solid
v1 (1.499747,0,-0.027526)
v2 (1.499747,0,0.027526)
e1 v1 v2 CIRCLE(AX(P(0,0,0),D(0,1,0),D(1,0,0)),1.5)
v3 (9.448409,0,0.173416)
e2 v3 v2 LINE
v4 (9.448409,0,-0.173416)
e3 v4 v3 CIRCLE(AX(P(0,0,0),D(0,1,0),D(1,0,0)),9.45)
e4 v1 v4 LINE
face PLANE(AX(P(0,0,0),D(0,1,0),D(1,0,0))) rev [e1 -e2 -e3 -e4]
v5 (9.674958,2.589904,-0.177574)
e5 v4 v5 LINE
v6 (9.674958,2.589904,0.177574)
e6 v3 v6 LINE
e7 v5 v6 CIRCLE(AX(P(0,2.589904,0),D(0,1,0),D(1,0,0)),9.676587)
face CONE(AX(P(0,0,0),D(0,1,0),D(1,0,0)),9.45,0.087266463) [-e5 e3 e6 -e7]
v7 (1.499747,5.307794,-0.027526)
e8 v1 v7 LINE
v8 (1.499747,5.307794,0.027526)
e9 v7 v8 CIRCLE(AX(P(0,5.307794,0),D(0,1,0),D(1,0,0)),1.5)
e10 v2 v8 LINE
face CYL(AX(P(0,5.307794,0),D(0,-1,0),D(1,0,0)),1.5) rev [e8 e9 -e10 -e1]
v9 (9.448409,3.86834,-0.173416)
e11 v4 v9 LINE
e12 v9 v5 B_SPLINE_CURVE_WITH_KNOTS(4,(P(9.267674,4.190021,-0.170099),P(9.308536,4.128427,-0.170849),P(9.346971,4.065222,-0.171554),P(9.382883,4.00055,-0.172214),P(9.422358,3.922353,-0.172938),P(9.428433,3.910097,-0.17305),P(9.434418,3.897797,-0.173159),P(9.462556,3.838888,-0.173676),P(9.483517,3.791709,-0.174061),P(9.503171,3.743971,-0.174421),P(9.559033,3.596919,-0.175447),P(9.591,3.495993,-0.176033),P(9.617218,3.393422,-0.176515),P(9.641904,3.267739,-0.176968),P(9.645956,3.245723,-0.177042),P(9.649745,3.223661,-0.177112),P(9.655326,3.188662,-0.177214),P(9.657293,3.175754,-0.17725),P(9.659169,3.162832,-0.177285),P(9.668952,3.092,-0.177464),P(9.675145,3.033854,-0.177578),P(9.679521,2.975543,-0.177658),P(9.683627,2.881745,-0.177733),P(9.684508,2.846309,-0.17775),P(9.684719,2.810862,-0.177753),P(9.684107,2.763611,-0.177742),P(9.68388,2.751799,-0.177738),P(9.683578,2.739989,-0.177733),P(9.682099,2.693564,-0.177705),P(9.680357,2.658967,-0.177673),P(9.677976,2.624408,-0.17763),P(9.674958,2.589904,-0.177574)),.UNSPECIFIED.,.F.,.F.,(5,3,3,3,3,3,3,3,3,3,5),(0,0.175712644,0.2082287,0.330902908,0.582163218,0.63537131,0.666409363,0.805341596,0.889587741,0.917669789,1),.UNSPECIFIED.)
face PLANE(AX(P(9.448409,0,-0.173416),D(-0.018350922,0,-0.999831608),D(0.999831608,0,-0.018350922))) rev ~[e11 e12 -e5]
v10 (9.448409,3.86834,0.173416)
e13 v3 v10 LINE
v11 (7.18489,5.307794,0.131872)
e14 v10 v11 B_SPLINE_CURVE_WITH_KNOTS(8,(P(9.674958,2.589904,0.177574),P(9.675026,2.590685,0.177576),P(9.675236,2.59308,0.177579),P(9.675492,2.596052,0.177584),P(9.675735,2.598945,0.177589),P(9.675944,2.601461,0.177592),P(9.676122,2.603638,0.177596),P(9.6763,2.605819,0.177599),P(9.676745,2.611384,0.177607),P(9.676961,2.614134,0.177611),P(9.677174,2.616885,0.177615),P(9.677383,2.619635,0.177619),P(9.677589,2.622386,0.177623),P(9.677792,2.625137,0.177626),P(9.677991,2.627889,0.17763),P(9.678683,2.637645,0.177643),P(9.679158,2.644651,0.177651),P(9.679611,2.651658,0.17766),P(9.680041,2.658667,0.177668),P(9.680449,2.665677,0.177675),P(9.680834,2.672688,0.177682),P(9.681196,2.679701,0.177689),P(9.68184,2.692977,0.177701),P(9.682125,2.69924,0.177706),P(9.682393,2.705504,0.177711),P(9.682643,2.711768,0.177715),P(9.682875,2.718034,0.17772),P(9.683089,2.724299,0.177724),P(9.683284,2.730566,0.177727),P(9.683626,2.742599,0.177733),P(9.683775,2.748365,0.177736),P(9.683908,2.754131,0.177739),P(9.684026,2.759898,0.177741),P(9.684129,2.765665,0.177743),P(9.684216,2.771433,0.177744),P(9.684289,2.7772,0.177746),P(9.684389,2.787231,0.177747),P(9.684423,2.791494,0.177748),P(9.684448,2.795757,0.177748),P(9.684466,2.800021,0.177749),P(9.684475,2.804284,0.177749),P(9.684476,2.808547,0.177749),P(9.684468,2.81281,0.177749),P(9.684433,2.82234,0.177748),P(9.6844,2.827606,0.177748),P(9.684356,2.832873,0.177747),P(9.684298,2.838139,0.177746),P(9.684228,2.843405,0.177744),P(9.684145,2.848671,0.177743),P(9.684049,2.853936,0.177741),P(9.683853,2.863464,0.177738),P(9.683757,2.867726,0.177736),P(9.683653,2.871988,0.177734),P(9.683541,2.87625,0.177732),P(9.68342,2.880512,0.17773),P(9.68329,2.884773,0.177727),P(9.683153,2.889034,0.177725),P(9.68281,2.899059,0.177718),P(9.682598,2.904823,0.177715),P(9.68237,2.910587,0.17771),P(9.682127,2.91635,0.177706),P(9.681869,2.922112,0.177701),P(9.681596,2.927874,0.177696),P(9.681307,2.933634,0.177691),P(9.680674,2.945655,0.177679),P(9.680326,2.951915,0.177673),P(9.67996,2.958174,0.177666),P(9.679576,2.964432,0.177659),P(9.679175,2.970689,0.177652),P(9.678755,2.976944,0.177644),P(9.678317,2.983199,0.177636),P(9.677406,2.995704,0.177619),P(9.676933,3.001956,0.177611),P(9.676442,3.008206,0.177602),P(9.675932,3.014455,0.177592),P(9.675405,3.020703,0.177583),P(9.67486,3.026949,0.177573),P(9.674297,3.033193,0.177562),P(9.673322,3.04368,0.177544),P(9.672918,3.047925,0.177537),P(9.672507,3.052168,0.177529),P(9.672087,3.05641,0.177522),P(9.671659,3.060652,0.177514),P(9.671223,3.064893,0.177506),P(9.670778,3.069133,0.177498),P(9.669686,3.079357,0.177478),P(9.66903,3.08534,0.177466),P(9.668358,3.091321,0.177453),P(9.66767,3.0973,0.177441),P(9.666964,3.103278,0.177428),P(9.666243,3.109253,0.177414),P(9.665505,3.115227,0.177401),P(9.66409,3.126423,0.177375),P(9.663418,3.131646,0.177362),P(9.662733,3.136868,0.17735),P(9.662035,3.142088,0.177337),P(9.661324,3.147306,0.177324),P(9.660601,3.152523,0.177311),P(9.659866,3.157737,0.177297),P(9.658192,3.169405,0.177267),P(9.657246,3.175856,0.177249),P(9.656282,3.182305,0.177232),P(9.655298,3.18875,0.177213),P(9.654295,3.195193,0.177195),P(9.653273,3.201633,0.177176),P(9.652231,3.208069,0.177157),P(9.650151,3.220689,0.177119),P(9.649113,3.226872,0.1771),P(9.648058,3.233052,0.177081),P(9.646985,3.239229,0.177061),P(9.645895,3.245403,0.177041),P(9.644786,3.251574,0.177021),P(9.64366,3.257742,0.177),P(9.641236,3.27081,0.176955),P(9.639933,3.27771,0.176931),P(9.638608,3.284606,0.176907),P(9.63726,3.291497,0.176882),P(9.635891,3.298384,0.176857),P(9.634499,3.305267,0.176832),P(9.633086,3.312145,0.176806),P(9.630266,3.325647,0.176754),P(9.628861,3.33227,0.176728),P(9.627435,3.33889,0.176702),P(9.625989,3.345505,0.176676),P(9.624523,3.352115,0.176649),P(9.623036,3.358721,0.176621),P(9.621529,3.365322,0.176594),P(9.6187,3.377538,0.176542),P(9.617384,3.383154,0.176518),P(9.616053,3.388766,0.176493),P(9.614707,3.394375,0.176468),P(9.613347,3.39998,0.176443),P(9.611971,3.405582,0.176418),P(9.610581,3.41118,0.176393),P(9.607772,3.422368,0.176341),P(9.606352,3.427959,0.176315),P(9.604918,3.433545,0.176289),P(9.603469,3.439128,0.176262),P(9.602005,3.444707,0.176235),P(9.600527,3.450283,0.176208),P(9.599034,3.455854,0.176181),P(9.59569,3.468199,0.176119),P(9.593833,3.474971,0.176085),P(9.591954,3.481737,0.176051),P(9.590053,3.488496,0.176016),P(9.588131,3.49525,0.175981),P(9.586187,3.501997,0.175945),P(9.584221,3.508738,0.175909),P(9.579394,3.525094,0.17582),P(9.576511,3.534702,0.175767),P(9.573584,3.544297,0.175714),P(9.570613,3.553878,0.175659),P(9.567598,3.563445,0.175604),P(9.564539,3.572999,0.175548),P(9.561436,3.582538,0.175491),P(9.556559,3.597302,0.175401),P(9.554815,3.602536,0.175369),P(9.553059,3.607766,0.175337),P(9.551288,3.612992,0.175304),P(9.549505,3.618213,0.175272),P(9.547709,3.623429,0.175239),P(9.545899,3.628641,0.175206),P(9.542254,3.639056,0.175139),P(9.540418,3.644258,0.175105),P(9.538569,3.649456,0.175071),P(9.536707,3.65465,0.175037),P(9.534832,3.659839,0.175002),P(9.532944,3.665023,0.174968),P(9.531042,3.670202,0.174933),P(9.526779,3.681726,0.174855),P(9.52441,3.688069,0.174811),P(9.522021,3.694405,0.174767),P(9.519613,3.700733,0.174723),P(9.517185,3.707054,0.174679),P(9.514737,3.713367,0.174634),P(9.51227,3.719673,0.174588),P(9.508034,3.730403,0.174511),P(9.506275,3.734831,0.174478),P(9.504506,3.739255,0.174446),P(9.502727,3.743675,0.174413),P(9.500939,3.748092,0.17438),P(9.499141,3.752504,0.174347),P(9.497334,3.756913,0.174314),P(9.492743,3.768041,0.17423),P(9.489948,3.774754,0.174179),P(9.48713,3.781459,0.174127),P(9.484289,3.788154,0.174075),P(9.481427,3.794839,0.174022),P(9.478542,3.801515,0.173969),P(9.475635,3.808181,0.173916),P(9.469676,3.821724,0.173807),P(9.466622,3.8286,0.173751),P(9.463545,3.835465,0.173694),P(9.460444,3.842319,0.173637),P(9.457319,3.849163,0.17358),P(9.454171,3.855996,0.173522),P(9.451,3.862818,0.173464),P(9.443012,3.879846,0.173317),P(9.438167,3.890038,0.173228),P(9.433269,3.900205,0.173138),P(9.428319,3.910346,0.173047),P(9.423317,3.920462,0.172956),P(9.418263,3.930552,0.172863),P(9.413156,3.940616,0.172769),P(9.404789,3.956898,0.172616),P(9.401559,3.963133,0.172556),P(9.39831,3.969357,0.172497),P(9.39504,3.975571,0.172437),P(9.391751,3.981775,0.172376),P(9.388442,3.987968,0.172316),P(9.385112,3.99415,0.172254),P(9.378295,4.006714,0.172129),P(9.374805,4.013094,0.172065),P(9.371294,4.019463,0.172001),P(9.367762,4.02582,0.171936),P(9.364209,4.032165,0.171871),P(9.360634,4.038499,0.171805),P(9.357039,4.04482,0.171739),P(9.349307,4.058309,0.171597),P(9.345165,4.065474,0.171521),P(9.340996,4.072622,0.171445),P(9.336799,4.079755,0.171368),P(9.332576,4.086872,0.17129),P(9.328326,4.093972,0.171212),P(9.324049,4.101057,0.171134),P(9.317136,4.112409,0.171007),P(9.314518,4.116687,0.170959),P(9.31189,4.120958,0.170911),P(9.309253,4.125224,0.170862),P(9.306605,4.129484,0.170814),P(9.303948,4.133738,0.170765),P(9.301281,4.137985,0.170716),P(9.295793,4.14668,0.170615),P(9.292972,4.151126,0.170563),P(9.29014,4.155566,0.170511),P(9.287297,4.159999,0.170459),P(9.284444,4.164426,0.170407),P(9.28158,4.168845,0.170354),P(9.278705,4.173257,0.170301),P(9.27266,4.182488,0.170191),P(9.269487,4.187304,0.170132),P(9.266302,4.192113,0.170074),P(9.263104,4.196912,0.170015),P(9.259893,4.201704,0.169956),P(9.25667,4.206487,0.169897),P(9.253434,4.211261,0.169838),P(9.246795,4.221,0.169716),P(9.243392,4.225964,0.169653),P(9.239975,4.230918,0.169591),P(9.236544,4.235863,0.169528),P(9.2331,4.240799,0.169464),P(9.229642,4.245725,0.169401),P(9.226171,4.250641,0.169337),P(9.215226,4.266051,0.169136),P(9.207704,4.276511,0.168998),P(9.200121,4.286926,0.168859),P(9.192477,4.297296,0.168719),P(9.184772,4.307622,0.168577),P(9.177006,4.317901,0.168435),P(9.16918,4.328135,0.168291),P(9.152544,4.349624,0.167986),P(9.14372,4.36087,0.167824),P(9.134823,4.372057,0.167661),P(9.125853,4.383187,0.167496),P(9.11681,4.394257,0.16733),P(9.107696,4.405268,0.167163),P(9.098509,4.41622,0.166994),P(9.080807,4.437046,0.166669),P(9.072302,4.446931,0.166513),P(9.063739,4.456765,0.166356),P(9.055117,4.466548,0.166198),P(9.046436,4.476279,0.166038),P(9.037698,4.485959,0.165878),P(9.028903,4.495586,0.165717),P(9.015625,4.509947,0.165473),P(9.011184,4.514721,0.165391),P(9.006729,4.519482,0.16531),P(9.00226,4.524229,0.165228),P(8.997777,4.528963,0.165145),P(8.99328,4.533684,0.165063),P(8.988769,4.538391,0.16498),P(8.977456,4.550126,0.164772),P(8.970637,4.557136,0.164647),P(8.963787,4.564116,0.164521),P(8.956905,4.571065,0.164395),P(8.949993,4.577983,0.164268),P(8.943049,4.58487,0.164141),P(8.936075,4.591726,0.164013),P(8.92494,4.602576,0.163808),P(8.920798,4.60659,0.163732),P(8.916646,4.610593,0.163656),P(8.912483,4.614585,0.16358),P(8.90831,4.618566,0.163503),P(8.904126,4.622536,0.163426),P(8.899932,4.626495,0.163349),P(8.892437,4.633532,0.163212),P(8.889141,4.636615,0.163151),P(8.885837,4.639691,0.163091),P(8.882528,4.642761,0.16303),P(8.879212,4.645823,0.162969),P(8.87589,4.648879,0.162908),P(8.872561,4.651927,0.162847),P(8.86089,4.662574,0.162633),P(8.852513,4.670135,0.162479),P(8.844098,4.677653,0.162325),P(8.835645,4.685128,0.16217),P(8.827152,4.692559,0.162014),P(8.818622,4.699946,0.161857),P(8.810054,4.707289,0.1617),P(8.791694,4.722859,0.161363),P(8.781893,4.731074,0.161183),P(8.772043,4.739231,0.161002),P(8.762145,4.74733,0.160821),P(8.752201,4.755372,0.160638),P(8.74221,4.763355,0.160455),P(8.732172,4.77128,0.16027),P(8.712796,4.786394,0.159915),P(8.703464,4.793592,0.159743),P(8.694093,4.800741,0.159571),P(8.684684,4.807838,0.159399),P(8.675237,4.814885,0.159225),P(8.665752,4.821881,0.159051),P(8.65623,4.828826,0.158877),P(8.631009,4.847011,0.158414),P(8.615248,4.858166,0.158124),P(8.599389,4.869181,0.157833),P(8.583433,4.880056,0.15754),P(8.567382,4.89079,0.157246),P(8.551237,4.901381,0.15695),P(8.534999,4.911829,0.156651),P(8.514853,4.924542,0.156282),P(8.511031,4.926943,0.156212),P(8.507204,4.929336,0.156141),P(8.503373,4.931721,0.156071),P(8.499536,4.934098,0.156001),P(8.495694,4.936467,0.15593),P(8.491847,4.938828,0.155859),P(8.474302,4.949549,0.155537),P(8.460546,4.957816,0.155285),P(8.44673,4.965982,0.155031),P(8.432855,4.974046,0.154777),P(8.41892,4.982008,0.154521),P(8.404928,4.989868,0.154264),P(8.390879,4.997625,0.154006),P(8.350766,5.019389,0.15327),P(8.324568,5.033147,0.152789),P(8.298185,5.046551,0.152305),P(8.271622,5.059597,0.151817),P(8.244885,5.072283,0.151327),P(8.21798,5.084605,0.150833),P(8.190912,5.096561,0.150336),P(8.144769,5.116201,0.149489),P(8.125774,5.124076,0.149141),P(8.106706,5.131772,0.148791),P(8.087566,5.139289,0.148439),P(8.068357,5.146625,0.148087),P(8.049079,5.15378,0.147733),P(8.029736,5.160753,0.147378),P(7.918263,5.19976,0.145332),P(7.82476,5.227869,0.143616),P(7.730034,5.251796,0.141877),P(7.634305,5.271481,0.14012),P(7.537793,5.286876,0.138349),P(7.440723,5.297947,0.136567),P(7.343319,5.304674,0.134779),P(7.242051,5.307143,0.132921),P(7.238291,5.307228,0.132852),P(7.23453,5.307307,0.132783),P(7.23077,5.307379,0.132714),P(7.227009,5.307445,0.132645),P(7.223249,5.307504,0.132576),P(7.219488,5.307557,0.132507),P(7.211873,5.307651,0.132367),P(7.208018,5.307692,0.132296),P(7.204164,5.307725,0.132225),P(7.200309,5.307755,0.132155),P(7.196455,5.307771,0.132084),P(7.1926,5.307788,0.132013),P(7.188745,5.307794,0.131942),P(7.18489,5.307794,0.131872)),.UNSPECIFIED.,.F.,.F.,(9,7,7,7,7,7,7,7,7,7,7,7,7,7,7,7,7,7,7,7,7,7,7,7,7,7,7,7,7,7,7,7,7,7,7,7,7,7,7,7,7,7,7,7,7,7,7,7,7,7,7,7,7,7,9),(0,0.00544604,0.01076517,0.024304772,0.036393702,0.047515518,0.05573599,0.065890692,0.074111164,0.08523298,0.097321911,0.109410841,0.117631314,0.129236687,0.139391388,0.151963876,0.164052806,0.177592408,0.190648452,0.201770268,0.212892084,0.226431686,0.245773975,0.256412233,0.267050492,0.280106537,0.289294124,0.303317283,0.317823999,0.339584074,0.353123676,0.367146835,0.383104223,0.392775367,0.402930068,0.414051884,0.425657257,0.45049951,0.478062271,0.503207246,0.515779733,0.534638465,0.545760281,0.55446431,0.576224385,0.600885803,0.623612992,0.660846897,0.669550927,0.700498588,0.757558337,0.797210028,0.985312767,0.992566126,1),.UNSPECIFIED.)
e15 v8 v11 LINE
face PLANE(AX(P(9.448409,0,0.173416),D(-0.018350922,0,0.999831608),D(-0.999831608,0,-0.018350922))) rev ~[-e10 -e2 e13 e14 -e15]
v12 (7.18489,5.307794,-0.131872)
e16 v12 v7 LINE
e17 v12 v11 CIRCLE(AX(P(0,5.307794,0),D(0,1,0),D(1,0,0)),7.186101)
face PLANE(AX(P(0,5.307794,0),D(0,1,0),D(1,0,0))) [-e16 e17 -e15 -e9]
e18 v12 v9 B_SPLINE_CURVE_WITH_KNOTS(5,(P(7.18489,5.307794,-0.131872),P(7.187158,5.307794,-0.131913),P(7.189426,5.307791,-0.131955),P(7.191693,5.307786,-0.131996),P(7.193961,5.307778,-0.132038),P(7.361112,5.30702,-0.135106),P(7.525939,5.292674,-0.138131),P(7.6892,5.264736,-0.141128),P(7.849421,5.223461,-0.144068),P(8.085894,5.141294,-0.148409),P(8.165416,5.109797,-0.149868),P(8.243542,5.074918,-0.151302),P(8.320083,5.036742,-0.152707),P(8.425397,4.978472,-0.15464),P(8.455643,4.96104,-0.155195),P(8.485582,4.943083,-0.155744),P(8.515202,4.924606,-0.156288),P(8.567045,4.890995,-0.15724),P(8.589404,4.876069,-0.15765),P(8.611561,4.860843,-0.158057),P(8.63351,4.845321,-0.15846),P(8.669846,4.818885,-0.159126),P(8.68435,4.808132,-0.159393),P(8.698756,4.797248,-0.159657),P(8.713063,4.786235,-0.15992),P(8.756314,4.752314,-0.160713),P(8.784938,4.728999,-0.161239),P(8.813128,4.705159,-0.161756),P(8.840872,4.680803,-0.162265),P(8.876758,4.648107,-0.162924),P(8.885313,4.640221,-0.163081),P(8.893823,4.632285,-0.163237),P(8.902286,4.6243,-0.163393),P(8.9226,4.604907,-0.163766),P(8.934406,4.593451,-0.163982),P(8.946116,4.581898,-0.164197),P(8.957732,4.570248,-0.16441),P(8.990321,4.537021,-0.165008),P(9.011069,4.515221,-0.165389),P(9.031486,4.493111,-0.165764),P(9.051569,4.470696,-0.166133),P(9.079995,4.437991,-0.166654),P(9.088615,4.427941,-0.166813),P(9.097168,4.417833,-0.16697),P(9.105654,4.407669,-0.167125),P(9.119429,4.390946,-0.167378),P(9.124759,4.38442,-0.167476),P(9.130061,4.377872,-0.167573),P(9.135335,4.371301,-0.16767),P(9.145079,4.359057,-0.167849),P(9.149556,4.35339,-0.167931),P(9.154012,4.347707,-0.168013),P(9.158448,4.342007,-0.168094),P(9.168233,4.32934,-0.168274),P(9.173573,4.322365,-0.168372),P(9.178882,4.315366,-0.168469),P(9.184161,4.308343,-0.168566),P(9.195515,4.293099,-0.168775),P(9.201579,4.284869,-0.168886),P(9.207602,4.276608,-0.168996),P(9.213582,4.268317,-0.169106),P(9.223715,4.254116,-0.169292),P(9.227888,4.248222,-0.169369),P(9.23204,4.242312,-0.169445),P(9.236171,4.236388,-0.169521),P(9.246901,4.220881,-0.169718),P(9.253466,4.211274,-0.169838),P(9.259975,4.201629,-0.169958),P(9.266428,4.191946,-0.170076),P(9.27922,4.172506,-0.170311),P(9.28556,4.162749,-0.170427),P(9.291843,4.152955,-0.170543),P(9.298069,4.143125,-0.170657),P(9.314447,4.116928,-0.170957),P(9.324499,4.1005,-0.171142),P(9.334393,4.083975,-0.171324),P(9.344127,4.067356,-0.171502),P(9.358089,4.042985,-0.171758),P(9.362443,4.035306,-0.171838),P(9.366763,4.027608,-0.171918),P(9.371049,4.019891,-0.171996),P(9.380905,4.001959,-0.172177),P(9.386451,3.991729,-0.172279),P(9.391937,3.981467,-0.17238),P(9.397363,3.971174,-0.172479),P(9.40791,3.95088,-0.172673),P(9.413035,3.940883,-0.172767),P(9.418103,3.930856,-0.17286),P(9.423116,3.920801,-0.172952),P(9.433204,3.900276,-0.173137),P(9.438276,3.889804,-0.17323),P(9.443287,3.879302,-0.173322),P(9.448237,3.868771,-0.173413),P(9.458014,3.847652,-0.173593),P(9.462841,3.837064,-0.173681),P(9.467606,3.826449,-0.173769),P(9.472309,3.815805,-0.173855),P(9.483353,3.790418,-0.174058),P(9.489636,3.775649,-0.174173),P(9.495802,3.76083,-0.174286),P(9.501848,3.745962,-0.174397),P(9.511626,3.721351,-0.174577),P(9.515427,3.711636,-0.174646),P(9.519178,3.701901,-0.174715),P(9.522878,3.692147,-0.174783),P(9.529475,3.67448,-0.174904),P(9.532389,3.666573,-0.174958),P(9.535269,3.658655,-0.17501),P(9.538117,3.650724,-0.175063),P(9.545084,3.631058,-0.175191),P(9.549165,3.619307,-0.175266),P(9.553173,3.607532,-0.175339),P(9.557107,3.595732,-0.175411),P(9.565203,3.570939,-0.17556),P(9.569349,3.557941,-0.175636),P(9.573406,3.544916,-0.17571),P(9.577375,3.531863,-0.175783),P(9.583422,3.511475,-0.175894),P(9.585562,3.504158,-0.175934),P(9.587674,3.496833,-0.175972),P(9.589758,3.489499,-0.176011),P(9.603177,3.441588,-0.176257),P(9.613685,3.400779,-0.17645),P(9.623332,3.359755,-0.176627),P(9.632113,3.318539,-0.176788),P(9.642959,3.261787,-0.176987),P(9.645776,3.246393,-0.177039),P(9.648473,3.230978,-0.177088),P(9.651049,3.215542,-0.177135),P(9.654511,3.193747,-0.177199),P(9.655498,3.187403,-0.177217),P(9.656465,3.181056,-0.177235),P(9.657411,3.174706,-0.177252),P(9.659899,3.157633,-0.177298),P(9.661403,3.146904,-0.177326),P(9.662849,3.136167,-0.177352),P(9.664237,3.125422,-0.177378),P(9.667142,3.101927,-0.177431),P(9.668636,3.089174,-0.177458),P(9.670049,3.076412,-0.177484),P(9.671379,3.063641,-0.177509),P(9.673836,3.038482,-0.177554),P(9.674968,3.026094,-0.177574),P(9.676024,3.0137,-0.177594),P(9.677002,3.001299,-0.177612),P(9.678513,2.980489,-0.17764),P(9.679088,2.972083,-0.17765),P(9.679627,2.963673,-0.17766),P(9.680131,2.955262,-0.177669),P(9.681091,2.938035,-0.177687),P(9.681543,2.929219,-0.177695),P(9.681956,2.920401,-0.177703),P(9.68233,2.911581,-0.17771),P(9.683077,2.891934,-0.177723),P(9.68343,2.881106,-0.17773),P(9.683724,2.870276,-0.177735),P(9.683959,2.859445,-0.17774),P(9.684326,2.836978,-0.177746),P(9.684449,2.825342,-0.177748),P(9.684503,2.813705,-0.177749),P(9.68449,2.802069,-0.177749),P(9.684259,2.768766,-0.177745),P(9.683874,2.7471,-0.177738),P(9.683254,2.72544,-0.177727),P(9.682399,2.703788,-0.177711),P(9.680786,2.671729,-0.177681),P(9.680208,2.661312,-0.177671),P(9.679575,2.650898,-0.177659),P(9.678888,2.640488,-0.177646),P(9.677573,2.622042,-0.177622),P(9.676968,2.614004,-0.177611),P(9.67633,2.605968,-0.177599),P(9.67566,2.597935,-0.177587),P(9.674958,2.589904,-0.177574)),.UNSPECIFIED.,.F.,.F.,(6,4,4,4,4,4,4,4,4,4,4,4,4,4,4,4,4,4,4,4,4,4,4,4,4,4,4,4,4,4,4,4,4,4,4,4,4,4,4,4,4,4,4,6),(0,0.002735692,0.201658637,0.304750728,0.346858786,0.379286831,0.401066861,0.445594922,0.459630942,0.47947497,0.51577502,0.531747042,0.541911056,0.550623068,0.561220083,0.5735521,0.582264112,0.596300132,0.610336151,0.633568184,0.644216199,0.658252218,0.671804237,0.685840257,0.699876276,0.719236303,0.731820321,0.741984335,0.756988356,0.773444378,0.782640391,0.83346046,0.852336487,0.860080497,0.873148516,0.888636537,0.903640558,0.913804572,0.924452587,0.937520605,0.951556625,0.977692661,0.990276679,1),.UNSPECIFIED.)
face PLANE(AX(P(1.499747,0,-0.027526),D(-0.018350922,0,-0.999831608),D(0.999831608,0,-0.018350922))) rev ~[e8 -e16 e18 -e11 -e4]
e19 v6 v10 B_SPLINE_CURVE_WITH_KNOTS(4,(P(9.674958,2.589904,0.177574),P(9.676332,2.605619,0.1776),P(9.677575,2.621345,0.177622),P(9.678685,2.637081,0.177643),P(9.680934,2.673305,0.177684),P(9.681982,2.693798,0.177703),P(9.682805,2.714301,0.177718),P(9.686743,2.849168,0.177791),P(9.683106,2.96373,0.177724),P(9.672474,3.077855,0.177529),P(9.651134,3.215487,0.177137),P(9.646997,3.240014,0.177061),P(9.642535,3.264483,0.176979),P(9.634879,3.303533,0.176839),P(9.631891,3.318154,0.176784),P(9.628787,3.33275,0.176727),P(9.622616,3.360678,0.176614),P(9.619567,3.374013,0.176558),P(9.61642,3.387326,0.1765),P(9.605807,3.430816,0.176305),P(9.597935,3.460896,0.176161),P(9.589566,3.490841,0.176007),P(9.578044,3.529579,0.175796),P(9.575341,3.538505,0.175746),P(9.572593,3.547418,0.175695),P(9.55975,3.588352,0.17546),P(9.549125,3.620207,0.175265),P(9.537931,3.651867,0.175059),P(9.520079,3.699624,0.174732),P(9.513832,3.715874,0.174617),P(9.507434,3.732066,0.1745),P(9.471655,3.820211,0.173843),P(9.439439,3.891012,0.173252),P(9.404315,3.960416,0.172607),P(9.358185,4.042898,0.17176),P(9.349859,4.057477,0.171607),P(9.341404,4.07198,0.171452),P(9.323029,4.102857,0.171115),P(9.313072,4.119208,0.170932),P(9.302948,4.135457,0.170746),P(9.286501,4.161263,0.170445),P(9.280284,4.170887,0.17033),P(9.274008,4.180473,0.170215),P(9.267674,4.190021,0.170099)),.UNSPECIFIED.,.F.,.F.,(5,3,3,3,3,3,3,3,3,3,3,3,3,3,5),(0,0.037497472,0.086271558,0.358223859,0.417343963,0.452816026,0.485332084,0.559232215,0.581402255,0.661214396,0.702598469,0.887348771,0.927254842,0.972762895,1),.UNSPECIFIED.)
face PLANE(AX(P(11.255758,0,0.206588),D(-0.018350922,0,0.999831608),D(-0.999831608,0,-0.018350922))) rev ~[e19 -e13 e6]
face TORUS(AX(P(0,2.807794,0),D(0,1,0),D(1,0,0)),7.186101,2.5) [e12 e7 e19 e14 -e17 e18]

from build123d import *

# Parameters (mm, degrees)
F3_DEPTH = 25


with BuildPart() as f1:
    # F0 (on Top) → F1 (revolve)
    with BuildSketch(Plane.XY):
        with BuildLine():
            Line((1.5, 5.3077938069), (1.5, 0))
            Line((1.5, 0), (9.45, 0))
            Line((9.45, 0), (9.676587279, 2.58990445))
            ThreePointArc((9.676587279, 2.58990445), (9.0292938758, 4.4967693259), (7.1861005338, 5.3077938069))
            Line((7.1861005338, 5.3077938069), (1.5, 5.3077938069))
        make_face()
    revolve(axis=Axis((0, 4.3452630795, 0), (0, 1, 0)))

    # F2 (on face) → F3 (cut)
    with BuildSketch(Plane.XZ):
        with BuildLine():
            ThreePointArc((9.45, 0), (9.4496021647, -0.0867117579), (9.4484086923, -0.1734162148))
            Line((9.4484086923, -0.1734162148), (11.2557578832, -0.2065883251))
            Line((11.2557578832, -0.2065883251), (11.2557578832, 0))
            Line((11.2557578832, 0), (11.2557578832, 0.2065883251))
            Line((11.2557578832, 0.2065883251), (9.4484086923, 0.1734162148))
            ThreePointArc((9.4484086923, 0.1734162148), (9.4496021647, 0.0867117579), (9.45, 0))
        make_face()
        with BuildLine():
            ThreePointArc((1.5, 0), (1.4999368515, -0.0137637711), (1.4997474115, -0.0275263833))
            Line((1.4997474115, -0.0275263833), (9.4484086923, -0.1734162148))
            ThreePointArc((9.4484086923, -0.1734162148), (9.4496021647, -0.0867117579), (9.45, 0))
            ThreePointArc((9.45, 0), (9.4496021647, 0.0867117579), (9.4484086923, 0.1734162148))
            Line((9.4484086923, 0.1734162148), (1.4997474115, 0.0275263833))
            ThreePointArc((1.4997474115, 0.0275263833), (1.4999368515, 0.0137637711), (1.5, 0))
        make_face()
    extrude(amount=-F3_DEPTH, mode=Mode.SUBTRACT)


solid = f1.part
